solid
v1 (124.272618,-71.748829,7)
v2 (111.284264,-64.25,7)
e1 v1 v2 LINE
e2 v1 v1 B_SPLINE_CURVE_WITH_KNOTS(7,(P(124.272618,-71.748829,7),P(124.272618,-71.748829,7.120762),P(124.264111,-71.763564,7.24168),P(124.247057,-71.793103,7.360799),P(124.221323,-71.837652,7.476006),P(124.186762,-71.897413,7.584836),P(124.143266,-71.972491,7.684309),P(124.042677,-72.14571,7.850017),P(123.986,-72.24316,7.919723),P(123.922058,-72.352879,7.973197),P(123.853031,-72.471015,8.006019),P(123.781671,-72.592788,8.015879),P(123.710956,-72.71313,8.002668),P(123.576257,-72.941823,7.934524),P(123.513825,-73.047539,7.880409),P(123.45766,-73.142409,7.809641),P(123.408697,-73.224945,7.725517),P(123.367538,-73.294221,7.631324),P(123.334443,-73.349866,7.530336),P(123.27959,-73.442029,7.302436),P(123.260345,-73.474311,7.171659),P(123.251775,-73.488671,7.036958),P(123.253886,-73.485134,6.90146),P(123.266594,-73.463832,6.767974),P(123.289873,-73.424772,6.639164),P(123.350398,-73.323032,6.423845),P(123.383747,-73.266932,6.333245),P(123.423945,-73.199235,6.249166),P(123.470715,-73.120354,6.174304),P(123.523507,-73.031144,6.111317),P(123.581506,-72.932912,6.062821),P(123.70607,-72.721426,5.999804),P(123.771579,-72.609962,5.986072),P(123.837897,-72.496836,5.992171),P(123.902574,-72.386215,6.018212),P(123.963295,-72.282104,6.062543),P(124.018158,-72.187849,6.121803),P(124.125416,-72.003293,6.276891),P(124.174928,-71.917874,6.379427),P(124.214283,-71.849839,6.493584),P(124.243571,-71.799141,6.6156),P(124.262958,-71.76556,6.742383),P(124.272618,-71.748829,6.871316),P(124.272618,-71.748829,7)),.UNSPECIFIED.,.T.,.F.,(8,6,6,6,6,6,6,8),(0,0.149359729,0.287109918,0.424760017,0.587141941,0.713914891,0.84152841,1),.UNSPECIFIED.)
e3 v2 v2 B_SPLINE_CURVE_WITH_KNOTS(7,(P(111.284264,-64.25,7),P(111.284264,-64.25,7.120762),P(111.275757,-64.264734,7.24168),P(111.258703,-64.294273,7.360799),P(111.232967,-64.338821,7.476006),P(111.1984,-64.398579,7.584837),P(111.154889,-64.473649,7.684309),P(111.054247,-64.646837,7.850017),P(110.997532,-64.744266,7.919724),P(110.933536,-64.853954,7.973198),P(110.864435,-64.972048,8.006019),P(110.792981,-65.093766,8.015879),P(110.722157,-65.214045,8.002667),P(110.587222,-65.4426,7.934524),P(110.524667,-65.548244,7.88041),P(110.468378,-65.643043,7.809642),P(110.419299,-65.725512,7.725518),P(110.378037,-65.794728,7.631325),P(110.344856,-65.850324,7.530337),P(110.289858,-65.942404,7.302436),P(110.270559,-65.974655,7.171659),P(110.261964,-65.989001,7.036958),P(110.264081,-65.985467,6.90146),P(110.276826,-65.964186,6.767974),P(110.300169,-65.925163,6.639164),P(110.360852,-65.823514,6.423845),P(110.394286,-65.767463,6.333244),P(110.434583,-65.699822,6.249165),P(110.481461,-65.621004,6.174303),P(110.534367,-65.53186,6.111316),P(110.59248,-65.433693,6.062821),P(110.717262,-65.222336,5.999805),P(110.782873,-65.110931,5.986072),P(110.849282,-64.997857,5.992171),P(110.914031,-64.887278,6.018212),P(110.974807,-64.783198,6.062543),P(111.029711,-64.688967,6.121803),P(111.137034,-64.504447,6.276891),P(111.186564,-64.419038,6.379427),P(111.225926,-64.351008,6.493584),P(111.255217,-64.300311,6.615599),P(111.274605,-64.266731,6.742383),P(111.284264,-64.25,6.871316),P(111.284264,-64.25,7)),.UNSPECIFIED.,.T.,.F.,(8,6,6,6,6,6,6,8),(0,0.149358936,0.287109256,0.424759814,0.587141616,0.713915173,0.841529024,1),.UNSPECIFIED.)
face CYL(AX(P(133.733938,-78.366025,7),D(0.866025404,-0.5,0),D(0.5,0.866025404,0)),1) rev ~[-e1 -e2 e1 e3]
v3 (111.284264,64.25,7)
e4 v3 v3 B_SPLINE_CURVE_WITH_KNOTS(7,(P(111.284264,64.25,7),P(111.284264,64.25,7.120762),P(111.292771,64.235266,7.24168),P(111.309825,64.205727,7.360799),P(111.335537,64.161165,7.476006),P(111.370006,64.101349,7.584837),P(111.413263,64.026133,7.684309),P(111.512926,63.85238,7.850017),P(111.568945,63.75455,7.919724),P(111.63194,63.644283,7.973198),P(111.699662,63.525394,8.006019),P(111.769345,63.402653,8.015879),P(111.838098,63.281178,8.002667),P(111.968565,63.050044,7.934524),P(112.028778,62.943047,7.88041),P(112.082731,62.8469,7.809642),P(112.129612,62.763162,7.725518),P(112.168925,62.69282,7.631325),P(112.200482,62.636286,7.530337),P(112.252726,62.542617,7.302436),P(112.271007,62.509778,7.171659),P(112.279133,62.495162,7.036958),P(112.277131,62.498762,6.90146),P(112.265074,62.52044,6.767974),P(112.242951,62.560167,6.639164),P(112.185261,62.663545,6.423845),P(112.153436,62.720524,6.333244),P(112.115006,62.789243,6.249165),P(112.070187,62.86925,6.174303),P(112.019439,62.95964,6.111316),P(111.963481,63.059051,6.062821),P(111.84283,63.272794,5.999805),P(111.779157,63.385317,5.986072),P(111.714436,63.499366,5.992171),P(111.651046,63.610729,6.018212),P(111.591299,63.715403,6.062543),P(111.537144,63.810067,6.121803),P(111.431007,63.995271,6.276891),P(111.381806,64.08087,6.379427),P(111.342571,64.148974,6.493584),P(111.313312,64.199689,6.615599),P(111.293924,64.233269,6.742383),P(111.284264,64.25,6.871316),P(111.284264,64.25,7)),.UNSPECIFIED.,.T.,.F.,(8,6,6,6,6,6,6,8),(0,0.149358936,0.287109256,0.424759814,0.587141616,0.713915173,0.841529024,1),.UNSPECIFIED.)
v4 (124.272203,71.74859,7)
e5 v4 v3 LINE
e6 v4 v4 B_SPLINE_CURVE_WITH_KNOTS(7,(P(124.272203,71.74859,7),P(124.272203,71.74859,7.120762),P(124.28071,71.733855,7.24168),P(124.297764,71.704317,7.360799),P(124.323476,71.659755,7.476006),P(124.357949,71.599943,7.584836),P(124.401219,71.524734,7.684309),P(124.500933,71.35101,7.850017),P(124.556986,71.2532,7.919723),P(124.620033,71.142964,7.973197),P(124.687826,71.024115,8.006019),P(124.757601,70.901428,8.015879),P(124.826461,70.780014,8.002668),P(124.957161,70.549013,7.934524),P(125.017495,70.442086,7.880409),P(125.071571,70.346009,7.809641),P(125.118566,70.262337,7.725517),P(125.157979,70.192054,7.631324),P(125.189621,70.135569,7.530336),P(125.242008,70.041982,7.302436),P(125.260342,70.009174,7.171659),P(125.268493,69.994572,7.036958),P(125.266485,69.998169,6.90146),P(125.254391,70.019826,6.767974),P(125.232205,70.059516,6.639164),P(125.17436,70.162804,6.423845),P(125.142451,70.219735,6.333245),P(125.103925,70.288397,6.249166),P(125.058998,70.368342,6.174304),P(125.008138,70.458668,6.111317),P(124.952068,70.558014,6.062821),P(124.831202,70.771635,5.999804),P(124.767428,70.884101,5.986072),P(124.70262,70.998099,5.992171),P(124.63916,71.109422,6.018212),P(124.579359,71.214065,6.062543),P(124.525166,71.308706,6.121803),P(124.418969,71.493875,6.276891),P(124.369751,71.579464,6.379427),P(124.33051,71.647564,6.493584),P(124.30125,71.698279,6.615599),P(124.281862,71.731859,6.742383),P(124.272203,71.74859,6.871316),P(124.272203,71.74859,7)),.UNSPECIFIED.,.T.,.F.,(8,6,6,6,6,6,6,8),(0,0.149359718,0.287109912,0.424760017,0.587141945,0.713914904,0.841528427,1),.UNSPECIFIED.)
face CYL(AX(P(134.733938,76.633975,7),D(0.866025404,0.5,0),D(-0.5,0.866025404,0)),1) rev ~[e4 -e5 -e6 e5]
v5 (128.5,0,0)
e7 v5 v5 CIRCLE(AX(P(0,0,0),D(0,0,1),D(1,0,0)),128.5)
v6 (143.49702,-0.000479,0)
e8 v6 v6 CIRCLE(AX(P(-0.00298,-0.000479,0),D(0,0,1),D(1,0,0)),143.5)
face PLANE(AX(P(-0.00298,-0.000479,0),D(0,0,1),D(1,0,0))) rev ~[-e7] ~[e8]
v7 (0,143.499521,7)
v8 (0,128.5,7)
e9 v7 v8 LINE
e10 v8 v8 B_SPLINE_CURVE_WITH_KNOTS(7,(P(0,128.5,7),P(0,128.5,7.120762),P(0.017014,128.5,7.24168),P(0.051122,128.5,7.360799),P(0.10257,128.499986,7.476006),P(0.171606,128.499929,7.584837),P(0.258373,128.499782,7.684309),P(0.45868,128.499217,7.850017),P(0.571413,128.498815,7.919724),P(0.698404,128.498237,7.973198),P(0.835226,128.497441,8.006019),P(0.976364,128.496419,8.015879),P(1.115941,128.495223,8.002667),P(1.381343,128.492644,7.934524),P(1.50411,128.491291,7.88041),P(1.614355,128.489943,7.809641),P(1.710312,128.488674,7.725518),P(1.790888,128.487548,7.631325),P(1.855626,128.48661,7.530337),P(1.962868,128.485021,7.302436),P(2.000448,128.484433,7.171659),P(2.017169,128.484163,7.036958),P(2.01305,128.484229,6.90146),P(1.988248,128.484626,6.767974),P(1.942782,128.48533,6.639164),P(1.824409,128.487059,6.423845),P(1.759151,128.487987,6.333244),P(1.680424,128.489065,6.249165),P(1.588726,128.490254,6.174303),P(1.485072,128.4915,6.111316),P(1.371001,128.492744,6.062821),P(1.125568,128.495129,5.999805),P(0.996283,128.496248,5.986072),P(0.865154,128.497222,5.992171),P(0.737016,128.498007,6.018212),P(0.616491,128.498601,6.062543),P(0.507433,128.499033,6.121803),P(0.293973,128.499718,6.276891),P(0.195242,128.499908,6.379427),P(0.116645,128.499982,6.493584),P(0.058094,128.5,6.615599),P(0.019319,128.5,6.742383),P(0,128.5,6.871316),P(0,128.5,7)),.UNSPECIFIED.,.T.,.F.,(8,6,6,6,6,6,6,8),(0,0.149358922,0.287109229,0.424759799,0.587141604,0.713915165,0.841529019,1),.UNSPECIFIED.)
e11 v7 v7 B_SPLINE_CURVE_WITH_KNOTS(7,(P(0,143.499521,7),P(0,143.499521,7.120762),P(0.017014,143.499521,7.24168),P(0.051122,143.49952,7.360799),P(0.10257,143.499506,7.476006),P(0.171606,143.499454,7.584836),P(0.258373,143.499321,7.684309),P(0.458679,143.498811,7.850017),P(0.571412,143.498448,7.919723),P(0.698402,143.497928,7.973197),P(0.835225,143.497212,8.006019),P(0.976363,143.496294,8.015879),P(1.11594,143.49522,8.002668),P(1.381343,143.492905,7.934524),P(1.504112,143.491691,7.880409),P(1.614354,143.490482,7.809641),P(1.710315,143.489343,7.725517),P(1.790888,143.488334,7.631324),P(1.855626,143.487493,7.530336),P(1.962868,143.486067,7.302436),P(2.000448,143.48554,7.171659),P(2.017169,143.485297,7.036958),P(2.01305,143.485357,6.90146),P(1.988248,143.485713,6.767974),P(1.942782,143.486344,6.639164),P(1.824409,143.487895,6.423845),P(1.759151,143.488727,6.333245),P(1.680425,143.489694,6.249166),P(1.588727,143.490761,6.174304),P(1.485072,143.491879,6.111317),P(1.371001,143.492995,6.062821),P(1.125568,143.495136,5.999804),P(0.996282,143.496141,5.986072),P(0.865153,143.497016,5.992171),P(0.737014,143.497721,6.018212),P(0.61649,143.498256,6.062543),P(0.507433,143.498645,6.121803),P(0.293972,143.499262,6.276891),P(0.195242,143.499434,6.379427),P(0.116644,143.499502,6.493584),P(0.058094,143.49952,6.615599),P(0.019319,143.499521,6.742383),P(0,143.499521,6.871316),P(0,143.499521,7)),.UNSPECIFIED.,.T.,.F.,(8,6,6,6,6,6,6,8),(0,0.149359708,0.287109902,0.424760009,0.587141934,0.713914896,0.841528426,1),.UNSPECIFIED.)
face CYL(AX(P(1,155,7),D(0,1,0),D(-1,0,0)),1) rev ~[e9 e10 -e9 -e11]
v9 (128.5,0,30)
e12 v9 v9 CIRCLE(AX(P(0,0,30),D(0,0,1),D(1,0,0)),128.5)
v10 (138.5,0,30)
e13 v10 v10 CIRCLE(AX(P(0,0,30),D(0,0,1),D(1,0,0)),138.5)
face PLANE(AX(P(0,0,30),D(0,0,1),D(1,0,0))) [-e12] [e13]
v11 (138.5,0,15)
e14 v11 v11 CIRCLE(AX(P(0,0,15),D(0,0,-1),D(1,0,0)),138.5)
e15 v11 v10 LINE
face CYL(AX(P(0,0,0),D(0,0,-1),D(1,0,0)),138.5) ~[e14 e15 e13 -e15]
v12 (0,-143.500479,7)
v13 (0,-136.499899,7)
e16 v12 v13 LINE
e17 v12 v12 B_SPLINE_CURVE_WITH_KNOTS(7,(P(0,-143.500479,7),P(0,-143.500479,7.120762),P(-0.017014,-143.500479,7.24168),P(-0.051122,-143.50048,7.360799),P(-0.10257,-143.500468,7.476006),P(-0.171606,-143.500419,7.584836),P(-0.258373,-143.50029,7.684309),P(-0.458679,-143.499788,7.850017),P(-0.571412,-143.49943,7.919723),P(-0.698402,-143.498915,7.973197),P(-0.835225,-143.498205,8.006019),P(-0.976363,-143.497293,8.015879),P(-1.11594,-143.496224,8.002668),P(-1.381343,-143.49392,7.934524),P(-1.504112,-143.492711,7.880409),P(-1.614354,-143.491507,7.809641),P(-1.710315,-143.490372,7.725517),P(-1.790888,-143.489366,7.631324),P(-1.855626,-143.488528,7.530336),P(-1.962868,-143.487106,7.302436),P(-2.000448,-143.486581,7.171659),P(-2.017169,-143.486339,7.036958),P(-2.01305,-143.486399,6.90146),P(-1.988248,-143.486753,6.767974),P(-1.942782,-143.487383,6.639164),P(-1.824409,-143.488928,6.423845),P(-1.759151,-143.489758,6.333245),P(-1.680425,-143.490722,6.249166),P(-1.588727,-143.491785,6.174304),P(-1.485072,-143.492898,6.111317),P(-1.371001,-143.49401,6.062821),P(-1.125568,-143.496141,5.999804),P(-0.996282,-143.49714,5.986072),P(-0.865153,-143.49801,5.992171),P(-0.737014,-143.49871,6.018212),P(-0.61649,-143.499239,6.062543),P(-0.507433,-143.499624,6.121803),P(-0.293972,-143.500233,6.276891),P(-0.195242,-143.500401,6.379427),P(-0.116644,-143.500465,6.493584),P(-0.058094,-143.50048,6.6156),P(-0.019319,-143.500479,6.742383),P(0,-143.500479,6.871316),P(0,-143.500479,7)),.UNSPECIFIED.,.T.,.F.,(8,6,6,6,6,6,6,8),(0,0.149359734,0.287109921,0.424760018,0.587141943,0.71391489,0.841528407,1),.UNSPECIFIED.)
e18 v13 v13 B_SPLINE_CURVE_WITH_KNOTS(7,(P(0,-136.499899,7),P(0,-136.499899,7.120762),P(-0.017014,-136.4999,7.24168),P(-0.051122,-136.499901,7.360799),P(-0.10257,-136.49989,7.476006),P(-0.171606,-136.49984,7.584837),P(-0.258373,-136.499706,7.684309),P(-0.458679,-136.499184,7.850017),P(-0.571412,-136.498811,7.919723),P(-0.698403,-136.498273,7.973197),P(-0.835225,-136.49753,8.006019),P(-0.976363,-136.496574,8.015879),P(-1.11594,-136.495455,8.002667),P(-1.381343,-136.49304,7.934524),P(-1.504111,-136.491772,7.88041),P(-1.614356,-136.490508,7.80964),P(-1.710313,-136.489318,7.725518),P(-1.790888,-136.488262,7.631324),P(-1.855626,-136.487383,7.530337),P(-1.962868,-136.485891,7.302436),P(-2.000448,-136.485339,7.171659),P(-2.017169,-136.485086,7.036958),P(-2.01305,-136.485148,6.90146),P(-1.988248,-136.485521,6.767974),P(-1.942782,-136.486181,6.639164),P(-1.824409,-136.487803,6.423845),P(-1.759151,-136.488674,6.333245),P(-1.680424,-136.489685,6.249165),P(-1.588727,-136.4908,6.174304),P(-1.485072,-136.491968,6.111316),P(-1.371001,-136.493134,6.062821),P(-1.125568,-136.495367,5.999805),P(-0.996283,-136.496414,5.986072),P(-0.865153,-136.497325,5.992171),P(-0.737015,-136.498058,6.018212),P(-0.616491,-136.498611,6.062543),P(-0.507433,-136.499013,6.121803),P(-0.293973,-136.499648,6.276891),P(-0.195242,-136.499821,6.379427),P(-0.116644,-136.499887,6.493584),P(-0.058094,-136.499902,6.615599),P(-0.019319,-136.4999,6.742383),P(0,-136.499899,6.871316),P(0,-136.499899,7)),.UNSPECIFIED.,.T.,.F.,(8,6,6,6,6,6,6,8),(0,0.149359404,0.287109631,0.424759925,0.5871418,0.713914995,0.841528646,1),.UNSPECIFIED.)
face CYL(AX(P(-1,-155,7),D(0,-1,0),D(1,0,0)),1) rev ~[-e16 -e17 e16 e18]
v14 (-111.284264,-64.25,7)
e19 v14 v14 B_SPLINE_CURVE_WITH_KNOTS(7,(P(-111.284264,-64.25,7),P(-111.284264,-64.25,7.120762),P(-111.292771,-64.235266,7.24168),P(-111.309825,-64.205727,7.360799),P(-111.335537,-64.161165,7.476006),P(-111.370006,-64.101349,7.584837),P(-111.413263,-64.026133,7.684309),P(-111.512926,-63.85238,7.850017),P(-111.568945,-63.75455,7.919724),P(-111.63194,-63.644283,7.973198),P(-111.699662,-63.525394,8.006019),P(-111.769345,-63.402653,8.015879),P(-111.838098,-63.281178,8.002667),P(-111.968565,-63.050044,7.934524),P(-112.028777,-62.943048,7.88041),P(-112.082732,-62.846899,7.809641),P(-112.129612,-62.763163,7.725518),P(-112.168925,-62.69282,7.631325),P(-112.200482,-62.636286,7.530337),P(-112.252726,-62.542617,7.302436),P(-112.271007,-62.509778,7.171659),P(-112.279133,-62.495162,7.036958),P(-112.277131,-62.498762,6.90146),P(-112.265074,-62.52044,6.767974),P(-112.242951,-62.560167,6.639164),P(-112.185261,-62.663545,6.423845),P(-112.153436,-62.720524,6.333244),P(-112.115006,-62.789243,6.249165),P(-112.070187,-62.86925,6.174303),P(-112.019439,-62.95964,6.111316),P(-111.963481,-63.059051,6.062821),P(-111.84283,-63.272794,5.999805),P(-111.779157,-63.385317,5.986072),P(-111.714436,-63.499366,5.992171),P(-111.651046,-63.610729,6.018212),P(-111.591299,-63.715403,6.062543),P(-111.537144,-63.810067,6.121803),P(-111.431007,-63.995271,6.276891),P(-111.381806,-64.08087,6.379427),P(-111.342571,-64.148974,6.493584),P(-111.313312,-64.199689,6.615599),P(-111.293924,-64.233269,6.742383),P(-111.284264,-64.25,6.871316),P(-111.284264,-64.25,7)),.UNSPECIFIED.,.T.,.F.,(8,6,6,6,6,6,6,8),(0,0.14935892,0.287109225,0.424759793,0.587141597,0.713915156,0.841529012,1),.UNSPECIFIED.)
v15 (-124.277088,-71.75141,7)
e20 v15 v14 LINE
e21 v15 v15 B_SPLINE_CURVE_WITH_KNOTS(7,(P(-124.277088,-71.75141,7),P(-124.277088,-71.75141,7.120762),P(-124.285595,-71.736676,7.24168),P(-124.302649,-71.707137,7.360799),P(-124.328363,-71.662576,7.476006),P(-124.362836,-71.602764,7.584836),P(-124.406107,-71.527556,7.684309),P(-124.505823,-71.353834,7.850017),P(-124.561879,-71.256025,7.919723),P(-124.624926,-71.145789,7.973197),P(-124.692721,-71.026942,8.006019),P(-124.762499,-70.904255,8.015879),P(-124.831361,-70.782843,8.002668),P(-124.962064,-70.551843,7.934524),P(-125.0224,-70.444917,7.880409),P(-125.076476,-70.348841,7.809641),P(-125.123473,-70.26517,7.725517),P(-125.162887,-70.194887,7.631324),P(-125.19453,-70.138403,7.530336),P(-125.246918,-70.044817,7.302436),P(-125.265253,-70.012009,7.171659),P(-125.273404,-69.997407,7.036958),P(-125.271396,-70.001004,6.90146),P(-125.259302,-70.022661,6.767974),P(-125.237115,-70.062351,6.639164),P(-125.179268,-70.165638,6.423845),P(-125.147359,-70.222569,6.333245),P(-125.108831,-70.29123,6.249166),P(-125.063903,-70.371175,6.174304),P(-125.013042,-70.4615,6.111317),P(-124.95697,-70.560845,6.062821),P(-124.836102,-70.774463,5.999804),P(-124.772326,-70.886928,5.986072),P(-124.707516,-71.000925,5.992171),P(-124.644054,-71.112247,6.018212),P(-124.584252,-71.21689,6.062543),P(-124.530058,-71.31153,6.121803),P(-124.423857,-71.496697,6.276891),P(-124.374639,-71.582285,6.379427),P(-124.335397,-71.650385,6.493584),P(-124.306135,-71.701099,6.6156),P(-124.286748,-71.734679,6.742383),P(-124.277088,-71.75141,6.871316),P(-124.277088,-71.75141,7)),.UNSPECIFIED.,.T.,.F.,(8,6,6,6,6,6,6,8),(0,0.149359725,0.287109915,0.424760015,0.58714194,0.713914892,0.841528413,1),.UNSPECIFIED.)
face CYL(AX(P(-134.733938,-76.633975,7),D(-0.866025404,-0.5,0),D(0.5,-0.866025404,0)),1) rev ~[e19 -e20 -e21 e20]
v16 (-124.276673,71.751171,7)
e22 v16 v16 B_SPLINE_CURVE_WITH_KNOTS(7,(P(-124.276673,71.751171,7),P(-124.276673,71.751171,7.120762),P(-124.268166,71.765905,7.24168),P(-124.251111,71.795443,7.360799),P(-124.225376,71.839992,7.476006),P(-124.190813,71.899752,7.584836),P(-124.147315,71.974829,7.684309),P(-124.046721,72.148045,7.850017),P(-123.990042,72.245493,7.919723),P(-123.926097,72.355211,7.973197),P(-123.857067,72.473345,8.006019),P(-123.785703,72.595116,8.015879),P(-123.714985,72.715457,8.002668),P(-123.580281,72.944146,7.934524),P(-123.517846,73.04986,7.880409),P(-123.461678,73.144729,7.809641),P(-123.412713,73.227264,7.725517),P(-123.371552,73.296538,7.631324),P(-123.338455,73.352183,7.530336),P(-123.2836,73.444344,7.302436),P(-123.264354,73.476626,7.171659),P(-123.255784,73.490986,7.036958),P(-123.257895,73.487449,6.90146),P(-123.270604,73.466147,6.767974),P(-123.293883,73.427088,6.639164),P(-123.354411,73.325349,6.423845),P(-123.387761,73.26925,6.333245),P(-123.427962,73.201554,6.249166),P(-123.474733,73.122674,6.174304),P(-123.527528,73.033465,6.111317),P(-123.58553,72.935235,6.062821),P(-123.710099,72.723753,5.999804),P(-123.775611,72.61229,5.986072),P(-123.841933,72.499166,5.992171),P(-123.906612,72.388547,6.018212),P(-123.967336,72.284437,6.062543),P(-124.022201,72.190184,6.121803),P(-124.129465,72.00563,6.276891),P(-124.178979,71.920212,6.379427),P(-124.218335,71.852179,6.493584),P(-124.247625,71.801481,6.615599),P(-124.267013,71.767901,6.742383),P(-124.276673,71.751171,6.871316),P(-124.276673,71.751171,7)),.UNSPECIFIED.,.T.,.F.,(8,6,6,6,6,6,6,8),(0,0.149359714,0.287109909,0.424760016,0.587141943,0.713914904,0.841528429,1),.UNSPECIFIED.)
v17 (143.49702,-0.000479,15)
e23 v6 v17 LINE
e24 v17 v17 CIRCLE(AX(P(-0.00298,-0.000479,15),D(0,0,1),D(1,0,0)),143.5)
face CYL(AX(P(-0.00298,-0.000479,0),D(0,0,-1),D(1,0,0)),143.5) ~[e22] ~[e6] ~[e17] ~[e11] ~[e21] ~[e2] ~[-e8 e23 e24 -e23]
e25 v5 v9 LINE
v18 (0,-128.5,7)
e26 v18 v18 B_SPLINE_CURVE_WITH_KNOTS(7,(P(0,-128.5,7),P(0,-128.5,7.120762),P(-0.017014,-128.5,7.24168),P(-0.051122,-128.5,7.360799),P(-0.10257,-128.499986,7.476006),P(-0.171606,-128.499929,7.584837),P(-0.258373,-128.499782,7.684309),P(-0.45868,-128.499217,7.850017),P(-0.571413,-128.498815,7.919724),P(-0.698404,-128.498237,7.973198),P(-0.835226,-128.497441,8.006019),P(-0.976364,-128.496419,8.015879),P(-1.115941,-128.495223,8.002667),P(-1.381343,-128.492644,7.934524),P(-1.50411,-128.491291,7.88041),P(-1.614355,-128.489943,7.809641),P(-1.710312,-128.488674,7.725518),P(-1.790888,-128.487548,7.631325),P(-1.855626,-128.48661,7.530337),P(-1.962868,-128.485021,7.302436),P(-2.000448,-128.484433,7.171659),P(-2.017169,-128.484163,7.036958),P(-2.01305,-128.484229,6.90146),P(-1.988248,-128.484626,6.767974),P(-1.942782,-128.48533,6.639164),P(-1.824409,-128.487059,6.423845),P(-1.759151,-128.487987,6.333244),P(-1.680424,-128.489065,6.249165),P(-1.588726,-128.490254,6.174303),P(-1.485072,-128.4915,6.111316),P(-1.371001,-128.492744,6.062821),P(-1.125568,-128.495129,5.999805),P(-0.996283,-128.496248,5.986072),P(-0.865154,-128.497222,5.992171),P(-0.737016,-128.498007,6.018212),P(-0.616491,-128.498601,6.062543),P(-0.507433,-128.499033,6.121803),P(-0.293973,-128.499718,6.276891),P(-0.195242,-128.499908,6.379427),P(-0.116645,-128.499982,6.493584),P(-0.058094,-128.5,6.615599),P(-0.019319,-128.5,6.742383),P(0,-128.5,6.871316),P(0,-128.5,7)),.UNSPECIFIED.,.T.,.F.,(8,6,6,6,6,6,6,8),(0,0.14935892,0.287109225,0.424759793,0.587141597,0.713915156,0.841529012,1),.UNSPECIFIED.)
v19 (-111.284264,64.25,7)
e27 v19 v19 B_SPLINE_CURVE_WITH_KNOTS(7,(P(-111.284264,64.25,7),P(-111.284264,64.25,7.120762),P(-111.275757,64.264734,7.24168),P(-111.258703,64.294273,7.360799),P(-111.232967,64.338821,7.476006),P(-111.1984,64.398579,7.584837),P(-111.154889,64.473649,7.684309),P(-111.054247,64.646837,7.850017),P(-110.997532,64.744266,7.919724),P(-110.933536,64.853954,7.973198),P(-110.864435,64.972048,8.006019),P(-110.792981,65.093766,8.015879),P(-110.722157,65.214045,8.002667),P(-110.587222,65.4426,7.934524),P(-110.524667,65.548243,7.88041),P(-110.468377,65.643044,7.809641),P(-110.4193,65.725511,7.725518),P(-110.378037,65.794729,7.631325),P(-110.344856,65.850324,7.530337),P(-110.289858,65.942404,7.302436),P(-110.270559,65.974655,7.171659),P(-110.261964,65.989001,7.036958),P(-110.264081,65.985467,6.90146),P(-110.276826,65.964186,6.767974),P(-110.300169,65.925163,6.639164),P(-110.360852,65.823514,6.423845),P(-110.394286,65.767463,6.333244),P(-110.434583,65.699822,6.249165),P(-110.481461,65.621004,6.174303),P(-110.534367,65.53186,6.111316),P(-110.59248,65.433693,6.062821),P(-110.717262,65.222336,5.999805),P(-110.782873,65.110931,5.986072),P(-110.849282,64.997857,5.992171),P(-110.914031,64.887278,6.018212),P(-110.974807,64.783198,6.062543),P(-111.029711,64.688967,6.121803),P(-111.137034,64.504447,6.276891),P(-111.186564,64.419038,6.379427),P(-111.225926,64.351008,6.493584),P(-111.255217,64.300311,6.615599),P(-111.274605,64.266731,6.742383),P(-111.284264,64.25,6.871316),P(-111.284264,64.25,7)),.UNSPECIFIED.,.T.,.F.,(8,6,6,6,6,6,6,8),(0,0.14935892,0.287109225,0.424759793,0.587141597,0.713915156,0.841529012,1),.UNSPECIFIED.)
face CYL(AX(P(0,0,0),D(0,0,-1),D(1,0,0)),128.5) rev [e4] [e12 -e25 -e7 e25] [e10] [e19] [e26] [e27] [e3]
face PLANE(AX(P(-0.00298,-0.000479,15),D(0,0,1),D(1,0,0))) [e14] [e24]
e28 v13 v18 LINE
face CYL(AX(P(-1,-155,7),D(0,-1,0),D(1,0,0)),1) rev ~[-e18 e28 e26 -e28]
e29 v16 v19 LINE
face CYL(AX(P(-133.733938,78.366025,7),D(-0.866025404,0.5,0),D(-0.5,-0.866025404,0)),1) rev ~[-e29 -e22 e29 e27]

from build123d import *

# Parameters (mm, degrees)
SKETCH_R              = 138.5
SKETCH_R_2            = 128.5
PAD_DEPTH             = 30
SKETCH002_R           = 1
POCKET001_DEPTH       = 28
SKETCH003_R           = 143.5
SKETCH003_R_2         = 136.5
PAD001_DEPTH          = 15
POCKET002_DEPTH       = 30
POLARPATTERN002_COUNT = 6


with BuildPart() as part:
    # Sketch → Pad (new body)
    with BuildSketch(Plane.XY):
        Circle(SKETCH_R)
        Circle(SKETCH_R_2, mode=Mode.SUBTRACT)
    extrude(amount=PAD_DEPTH)

    # Sketch002 (on DatumPlane) → Pocket001 (cut)
    with BuildSketch(Plane(origin=(-1, -155, 0), x_dir=(1, 0, 0), z_dir=(0, -1, 0))):
        with Locations((0, 7)):
            Circle(SKETCH002_R)
    extrude(amount=-POCKET001_DEPTH, mode=Mode.SUBTRACT)

    # Sketch003 → Pad001 (join)
    with BuildSketch(Plane.XY):
        with Locations((-0.00298, -0.000479)):
            Circle(SKETCH003_R)
        with Locations((-0.006501, 0.000101)):
            Circle(SKETCH003_R_2, mode=Mode.SUBTRACT)
    extrude(amount=PAD001_DEPTH)

    # Sketch002 (on DatumPlane) → Pocket002 (cut)
    with BuildSketch(Plane(origin=(-1, -155, 0), x_dir=(1, 0, 0), z_dir=(0, -1, 0))):
        with Locations((0, 7)):
            Circle(SKETCH002_R)
    pocket002 = extrude(amount=-POCKET002_DEPTH, mode=Mode.SUBTRACT)

    # PolarPattern002: Pocket002 ×6 about axis
    polarpattern002_axis = Axis((0, 0, 0), (0, 0, 1))
    for i in range(1, POLARPATTERN002_COUNT):
        add(pocket002.rotate(polarpattern002_axis, i * 360 / POLARPATTERN002_COUNT), mode=Mode.SUBTRACT)


solid = part.part
